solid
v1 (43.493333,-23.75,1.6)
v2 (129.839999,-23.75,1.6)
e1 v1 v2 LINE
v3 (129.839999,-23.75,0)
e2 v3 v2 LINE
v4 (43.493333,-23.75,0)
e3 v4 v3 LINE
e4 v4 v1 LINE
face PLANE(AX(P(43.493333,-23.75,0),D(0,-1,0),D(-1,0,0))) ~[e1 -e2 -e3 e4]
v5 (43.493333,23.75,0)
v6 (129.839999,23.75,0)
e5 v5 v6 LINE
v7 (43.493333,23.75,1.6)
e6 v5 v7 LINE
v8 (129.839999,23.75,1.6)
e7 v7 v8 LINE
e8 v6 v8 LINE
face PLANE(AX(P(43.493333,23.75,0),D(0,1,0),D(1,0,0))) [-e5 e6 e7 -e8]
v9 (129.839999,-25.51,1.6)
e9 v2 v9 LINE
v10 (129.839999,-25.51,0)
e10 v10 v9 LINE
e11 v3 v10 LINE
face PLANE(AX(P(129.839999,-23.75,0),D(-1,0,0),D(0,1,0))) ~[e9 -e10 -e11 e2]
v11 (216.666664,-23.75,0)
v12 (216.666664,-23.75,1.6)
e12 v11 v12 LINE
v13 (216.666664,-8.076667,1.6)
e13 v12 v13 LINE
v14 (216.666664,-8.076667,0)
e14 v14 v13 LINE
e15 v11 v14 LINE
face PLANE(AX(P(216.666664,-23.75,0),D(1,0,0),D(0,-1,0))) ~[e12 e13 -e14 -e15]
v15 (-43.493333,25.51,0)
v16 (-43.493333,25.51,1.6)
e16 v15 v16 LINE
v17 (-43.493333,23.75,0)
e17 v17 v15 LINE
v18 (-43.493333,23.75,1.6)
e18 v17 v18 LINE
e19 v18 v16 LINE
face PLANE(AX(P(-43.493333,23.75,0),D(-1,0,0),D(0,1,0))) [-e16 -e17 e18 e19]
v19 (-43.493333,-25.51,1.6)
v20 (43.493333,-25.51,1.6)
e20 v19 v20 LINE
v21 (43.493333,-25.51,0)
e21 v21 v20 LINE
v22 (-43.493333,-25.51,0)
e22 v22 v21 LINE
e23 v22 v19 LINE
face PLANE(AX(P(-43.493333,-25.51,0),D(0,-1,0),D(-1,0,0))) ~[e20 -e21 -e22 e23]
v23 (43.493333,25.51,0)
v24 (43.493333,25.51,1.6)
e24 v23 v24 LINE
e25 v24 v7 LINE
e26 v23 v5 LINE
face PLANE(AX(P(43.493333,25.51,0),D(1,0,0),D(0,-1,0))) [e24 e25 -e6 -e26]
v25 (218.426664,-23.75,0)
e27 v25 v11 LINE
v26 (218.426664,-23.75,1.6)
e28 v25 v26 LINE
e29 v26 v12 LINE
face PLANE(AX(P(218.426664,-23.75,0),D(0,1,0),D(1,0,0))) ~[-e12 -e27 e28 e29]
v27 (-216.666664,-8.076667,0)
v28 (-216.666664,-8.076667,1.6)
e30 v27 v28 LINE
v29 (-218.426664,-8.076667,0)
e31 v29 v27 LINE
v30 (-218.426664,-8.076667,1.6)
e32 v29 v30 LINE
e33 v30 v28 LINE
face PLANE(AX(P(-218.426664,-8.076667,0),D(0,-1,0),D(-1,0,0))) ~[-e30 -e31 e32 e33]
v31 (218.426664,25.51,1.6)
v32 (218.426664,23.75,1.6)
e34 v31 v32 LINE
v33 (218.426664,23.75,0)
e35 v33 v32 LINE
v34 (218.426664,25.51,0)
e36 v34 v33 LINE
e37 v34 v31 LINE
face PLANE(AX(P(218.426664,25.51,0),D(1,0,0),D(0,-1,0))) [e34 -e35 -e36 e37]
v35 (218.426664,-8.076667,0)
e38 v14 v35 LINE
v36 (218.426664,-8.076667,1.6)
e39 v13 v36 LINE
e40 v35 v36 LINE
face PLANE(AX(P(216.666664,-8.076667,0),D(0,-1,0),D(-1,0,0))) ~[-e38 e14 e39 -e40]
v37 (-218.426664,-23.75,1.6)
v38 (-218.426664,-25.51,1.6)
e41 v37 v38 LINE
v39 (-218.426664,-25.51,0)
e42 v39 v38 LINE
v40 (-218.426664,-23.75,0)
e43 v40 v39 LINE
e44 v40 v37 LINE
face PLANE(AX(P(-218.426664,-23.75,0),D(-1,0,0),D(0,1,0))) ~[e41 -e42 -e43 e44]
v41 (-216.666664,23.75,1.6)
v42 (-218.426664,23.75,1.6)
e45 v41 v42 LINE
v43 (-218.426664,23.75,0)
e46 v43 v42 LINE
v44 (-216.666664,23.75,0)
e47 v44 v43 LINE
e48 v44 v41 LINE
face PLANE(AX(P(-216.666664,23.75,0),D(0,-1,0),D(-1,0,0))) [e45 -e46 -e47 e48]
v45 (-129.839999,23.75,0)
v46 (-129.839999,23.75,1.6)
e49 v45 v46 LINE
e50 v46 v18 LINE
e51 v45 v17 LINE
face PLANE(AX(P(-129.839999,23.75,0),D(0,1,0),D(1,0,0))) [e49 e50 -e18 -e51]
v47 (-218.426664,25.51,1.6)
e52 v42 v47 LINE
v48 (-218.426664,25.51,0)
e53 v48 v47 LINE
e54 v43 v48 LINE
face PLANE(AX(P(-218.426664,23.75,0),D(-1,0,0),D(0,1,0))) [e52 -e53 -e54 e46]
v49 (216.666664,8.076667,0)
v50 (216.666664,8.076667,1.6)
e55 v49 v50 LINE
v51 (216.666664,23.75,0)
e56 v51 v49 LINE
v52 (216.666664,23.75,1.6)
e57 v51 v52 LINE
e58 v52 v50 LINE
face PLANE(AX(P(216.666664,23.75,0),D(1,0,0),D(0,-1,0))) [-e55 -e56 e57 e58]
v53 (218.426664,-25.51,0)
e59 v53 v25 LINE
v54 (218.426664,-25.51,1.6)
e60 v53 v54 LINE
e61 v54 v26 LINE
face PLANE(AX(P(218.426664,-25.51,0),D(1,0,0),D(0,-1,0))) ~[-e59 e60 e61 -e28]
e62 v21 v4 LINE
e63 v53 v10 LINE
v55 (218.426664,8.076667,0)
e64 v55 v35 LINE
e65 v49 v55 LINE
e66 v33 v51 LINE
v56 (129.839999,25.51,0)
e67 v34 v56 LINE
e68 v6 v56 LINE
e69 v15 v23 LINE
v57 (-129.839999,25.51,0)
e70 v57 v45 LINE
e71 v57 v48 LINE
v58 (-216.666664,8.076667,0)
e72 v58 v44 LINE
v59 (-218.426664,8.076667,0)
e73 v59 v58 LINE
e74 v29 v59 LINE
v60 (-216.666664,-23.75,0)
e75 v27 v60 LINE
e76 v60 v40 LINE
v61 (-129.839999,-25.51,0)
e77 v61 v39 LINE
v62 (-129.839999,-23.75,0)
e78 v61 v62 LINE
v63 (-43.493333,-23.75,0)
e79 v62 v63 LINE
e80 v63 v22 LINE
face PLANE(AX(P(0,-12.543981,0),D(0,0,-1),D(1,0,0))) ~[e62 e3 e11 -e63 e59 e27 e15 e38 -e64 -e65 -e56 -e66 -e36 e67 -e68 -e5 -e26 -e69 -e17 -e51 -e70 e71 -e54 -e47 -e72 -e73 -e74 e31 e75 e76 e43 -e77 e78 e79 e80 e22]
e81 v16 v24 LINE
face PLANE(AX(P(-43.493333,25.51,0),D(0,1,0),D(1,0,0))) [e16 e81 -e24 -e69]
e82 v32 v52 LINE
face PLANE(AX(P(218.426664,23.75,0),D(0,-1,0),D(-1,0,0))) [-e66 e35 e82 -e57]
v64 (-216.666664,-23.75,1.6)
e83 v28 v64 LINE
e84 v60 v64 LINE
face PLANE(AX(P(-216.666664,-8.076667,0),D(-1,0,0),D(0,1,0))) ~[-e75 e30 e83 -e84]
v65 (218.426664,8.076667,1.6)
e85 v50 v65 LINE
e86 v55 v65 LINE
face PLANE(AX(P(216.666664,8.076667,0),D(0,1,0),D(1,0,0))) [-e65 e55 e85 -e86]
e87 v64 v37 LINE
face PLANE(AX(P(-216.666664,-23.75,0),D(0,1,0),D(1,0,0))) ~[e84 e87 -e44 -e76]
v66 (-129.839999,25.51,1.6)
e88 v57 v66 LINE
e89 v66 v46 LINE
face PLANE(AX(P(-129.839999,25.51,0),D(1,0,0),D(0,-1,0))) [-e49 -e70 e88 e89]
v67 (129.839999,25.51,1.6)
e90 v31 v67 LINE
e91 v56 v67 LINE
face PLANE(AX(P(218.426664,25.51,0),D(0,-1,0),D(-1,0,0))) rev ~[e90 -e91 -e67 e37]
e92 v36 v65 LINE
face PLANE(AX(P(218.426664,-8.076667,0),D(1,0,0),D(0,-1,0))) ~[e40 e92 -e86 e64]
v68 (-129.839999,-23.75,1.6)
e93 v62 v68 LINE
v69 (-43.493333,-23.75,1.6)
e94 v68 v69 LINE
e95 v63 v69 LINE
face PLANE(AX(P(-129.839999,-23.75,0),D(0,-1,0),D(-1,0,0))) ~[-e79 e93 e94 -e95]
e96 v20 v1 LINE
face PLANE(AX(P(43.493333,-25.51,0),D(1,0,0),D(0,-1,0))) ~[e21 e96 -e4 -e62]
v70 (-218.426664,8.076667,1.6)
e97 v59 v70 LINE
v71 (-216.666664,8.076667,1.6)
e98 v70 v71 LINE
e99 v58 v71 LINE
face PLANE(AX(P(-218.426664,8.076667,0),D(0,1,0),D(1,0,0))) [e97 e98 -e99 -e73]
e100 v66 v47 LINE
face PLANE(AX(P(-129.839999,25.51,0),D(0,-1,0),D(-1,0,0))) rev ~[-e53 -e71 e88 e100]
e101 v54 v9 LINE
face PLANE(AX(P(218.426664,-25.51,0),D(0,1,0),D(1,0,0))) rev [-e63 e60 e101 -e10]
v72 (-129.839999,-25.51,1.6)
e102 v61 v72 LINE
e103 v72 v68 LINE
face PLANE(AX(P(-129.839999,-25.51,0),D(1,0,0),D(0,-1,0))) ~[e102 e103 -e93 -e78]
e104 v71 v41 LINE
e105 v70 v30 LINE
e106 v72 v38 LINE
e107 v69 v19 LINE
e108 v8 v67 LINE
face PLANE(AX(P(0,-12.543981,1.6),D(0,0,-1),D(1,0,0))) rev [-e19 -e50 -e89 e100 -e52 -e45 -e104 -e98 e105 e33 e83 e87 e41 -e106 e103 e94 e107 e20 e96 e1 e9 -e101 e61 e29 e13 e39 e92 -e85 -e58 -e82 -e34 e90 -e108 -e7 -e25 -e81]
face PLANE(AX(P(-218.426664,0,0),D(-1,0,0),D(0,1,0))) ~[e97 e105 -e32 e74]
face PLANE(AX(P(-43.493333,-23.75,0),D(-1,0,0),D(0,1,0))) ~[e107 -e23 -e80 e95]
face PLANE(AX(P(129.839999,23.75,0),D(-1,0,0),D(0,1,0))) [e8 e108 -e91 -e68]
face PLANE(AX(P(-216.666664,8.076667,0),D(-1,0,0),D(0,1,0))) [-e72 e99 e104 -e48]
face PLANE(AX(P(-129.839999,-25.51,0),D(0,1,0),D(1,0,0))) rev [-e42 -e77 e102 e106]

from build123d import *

# Parameters (mm, degrees)
BOSS_EXTRUDE1_DEPTH = 1.6


with BuildPart() as part:
    # Sketch1 → Boss-Extrude1 (new body)
    with BuildSketch(Plane.XY):
        Polygon((-218.4266645, 25.51), (-216.6666645, 25.51), (-129.8399987, 25.51), (-129.8399987, 23.75), (-43.4933329, 23.75), (-43.4933329, 25.51), (43.4933329, 25.51), (43.4933329, 23.75), (129.8399987, 23.75), (129.8399987, 25.51), (216.6666645, 25.51), (218.4266645, 25.51), (218.4266645, 23.75), (216.6666645, 23.75), (216.6666645, 8.076666667), (218.4266645, 8.076666667), (218.4266645, 0), (216.6666645, 0), (0, 0), (-216.6666645, 0), (-218.4266645, 0), (-218.4266645, 8.076666667), (-216.6666645, 8.076666667), (-216.6666645, 23.75), (-218.4266645, 23.75), align=None)
    boss_extrude1 = extrude(amount=BOSS_EXTRUDE1_DEPTH)

    # Mirror4: Boss-Extrude1 across plane
    add(boss_extrude1.mirror(Plane(origin=(0, 0, 1.6), x_dir=(0, 0, 1), z_dir=(0, 1, 0))))


solid = part.part
